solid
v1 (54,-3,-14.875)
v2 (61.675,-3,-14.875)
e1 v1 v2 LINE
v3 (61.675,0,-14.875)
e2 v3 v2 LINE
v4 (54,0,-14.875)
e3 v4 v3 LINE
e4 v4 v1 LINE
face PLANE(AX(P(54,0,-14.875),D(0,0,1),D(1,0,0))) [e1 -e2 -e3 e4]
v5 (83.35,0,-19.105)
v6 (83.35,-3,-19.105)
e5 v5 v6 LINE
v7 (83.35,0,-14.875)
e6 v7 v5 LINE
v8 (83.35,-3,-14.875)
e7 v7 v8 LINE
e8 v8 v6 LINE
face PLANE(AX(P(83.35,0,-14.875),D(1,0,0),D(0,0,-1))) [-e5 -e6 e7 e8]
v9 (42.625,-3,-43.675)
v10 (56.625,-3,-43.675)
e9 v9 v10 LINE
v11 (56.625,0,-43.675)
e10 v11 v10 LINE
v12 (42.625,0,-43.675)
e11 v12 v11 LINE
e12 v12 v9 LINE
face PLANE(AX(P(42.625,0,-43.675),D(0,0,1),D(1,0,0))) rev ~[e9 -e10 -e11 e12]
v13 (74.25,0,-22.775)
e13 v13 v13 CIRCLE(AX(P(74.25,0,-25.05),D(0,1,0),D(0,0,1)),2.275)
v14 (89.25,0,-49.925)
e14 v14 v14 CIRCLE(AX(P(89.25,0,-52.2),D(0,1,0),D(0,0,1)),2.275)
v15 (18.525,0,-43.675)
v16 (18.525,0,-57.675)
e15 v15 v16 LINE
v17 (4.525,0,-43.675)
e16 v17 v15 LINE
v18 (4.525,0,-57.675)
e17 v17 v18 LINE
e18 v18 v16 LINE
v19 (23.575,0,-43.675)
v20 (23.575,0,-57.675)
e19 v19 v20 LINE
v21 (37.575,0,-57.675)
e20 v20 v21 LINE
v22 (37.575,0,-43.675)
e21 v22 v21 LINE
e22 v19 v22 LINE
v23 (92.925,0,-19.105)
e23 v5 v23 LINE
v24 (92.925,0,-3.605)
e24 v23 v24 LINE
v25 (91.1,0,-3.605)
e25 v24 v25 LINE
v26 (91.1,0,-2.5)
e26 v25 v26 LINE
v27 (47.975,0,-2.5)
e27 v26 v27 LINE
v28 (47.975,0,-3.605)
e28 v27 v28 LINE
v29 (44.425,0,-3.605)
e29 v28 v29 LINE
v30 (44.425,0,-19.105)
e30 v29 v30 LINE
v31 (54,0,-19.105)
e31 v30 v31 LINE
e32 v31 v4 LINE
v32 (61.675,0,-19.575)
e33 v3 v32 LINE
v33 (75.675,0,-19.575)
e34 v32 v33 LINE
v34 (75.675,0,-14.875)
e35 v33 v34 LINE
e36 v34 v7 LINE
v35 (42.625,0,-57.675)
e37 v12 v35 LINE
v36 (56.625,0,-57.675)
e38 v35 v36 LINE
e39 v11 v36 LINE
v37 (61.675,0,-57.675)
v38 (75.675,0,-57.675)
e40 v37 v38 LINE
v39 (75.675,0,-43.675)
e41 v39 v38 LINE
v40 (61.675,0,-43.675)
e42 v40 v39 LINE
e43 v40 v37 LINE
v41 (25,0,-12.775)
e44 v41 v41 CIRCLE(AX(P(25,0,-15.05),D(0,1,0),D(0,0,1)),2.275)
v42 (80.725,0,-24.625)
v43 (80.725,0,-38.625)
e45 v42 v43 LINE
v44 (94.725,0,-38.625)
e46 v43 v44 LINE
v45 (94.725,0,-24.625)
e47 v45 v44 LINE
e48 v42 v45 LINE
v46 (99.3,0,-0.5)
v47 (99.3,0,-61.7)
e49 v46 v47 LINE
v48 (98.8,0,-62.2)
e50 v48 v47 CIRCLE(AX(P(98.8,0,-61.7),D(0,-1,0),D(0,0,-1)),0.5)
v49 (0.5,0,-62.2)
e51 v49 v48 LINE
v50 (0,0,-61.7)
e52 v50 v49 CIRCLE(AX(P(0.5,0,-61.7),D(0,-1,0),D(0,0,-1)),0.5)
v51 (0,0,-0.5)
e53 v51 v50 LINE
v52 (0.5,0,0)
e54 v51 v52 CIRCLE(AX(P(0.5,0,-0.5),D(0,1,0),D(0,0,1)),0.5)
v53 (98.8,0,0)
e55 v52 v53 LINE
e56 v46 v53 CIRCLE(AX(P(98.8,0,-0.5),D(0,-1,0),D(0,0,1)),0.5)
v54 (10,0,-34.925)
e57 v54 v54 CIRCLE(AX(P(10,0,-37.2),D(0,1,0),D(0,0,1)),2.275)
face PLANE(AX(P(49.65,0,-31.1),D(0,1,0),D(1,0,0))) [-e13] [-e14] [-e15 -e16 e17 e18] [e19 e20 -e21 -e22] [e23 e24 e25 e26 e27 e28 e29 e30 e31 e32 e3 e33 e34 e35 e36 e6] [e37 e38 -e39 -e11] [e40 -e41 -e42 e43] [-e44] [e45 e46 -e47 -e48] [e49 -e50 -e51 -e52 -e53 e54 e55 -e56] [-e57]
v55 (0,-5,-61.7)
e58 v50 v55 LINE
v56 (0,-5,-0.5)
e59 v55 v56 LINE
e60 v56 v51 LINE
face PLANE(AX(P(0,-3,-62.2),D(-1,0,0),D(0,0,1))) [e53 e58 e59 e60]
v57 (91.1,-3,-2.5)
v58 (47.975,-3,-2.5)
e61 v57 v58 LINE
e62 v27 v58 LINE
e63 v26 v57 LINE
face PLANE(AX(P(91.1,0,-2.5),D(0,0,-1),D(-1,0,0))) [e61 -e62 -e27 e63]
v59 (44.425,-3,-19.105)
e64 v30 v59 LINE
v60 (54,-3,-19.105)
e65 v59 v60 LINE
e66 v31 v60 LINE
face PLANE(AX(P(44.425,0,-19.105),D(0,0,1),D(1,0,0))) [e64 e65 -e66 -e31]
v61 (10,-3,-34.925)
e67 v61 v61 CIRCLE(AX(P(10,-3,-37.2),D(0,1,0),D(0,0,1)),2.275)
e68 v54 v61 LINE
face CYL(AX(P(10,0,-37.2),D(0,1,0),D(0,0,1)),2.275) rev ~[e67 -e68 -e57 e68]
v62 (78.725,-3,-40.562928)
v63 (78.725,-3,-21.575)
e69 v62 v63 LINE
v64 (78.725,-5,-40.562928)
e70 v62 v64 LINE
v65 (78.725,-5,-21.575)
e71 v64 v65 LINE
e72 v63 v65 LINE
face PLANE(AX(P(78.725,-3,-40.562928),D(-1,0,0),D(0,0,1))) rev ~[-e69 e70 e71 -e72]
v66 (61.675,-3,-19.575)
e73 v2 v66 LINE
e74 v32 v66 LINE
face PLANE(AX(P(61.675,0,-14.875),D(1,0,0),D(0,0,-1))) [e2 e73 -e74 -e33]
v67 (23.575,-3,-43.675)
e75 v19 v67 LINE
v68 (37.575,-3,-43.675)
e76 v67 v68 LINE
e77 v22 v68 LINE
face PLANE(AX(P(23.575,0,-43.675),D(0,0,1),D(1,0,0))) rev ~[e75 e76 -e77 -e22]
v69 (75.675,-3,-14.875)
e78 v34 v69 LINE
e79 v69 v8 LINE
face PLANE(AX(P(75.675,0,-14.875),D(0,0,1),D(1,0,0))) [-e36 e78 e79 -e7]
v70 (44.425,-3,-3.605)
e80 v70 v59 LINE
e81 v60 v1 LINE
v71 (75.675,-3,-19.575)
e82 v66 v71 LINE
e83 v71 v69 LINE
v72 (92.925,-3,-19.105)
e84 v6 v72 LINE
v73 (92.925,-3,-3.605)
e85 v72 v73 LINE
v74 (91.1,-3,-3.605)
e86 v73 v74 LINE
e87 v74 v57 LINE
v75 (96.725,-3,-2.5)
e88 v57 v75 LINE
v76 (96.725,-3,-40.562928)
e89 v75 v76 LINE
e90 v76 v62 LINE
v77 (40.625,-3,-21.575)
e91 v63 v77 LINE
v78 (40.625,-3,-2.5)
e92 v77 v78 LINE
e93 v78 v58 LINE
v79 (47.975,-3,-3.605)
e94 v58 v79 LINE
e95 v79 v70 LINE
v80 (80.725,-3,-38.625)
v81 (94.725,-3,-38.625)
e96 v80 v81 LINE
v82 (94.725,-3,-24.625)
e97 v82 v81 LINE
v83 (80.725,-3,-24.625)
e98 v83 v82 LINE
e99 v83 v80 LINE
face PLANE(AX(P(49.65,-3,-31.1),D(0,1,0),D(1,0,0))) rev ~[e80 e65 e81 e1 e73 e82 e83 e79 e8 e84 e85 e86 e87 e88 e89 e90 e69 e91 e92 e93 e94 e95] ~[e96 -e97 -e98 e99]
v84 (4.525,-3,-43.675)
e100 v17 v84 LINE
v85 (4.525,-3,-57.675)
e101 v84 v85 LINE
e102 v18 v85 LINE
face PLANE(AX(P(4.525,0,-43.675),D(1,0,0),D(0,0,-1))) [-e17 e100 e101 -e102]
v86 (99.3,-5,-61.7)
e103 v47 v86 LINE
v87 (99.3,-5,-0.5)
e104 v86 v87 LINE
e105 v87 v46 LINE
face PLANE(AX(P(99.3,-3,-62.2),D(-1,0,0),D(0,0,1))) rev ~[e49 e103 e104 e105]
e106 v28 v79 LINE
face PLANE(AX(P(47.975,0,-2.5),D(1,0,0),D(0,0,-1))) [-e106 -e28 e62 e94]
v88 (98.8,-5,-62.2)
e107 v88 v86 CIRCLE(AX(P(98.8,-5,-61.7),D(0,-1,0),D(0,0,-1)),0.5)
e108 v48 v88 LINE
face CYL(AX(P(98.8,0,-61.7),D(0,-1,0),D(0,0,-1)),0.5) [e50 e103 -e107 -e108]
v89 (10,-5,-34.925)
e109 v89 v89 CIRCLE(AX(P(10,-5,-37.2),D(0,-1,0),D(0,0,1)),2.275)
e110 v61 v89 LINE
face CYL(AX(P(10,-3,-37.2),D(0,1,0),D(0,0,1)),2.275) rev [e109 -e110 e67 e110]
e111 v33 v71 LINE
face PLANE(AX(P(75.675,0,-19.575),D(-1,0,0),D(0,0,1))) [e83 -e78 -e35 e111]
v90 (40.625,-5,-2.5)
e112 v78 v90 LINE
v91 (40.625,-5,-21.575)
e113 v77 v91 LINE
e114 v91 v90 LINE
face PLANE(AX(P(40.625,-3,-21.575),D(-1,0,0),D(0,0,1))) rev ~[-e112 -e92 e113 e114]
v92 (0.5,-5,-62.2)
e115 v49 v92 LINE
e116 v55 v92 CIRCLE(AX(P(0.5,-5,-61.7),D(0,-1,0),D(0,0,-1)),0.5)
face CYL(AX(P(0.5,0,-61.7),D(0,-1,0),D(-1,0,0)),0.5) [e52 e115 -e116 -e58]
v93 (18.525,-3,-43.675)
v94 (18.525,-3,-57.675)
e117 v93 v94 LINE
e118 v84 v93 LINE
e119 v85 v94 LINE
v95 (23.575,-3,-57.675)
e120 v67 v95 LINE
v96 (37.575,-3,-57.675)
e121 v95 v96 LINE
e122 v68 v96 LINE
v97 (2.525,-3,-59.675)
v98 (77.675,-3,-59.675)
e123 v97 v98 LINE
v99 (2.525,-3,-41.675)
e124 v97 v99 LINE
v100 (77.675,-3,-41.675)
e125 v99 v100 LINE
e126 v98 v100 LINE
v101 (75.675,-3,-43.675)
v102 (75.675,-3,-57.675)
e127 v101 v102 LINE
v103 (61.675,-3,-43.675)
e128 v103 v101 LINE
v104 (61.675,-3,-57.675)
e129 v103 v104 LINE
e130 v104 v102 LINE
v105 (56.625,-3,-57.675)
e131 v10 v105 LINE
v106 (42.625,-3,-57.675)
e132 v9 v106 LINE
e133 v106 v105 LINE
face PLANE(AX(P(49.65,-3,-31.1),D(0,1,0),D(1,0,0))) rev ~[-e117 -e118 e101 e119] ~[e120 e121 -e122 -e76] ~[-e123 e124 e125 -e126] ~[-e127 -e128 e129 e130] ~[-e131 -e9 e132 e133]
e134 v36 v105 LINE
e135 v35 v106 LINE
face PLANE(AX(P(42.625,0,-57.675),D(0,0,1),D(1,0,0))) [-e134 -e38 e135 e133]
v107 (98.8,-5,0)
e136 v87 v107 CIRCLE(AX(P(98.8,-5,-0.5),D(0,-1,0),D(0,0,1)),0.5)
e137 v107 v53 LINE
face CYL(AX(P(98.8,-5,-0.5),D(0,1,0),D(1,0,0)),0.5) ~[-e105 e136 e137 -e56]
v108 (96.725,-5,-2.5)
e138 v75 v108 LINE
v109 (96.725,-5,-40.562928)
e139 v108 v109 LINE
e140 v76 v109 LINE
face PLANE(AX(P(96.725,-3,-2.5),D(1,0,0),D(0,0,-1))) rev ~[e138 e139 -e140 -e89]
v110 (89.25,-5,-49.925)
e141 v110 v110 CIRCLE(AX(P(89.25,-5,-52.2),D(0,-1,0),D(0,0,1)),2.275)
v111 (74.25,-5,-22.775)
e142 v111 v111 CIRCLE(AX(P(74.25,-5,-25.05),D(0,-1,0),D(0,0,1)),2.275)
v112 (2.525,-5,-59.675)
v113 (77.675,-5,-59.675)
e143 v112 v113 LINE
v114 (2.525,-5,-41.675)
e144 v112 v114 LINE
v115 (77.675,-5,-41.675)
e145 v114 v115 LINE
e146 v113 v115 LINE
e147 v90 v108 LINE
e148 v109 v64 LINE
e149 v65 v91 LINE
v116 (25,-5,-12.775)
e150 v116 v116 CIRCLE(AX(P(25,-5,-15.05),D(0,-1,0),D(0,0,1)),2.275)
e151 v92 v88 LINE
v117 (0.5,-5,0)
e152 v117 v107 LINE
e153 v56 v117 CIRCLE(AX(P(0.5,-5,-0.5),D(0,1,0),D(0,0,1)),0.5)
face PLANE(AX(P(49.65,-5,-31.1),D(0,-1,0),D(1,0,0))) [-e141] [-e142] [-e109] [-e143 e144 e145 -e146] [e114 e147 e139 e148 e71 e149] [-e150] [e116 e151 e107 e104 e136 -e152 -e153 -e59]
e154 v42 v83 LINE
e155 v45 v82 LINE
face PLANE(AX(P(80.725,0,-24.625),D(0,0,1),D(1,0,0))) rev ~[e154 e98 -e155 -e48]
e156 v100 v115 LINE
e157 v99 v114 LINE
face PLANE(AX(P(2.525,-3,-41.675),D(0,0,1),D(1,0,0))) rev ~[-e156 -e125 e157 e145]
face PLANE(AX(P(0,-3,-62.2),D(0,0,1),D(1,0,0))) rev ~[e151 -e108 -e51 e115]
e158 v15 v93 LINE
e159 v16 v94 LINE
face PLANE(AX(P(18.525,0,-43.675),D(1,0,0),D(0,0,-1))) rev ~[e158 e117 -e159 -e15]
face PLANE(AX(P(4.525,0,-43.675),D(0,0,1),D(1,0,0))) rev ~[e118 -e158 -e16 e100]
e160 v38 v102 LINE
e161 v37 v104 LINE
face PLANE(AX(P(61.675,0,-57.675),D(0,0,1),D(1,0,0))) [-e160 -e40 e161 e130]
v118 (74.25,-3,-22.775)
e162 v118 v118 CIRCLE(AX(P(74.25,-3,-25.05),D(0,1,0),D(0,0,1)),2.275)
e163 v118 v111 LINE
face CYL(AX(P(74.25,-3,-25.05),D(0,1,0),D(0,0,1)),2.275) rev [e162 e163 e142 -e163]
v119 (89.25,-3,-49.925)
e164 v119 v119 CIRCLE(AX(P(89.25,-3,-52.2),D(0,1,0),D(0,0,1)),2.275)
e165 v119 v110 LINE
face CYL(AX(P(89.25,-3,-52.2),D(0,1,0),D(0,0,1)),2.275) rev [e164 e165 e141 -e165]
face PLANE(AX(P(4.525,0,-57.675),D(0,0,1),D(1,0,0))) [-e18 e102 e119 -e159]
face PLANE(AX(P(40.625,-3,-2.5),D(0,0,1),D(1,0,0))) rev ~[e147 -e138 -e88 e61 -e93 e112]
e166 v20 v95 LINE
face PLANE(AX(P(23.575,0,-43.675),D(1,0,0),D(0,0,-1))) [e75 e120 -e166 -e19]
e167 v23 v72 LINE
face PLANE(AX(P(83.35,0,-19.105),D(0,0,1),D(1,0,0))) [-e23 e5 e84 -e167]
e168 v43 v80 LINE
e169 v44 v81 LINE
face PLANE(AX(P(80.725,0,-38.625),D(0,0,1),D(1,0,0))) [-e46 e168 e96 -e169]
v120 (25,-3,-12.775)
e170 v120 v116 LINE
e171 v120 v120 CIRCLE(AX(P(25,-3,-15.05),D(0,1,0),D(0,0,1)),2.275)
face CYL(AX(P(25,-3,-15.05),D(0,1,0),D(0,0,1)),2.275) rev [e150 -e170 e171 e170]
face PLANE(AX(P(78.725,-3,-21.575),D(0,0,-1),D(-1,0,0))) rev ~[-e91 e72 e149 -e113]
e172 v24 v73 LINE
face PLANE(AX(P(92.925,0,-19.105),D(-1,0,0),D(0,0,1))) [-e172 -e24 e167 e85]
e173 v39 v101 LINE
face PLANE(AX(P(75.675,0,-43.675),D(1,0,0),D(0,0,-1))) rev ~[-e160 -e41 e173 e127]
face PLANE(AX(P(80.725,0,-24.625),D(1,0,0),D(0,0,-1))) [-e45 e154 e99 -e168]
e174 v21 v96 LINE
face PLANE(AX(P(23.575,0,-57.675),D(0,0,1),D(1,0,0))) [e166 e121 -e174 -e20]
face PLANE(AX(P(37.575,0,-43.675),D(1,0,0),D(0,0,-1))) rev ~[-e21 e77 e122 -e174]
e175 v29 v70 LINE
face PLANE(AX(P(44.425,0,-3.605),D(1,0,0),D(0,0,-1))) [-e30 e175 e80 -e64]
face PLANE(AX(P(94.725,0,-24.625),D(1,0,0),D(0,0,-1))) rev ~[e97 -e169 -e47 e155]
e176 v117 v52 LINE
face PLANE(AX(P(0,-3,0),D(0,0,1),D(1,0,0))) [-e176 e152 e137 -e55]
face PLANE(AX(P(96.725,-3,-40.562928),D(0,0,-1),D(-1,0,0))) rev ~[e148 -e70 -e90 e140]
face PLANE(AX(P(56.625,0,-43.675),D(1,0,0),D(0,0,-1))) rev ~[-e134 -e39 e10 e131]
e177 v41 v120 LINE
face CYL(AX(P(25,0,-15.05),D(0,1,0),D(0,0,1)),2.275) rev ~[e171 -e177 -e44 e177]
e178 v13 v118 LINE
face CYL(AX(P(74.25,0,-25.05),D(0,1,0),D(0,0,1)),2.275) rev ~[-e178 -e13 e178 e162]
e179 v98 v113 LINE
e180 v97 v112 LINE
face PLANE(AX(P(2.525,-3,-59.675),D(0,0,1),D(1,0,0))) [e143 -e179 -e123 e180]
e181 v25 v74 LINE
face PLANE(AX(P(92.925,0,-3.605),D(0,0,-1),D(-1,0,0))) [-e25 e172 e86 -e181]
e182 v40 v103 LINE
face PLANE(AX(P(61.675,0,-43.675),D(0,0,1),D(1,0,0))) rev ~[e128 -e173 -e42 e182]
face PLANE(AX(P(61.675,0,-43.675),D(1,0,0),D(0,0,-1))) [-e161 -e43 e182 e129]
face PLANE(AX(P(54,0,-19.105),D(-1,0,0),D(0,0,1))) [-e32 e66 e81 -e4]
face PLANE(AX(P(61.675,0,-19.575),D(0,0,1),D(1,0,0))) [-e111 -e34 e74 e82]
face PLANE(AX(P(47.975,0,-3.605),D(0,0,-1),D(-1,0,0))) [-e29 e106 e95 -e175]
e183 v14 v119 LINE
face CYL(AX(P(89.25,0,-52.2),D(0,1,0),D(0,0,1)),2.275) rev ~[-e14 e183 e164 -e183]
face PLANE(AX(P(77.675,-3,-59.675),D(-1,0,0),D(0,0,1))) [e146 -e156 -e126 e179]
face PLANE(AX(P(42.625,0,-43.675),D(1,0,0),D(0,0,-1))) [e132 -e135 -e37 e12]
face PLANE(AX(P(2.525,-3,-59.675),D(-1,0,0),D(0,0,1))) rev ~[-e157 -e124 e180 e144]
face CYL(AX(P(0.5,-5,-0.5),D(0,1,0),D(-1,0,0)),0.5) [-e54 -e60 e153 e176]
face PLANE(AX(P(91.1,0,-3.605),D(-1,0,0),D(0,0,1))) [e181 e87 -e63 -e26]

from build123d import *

# Parameters (mm, degrees)
SKETCH1_W           = 99.3
SKETCH1_H           = 62.2
SKETCH1_R           = 2.275
SKETCH1_W_2         = 14
SKETCH1_H_2         = 14
BOSS_EXTRUDE1_DEPTH = 3
SKETCH6_W           = 99.3
SKETCH6_H           = 62.2
SKETCH6_W_2         = 75.15
SKETCH6_H_2         = 18
SKETCH6_R           = 2.275
BOSS_EXTRUDE2_DEPTH = 2
FILLET1_R           = 0.5


with BuildPart() as part:
    # Sketch1 → Boss-Extrude1 (new body)
    with BuildSketch(Plane(origin=(0, 0, 0), x_dir=(1, 0, 0), z_dir=(0, 1, 0))):
        with Locations((49.65, 31.1)):
            Rectangle(SKETCH1_W, SKETCH1_H)
        with Locations(Location((10, 37.2, 0), (0, 0, 270))):
            Circle(SKETCH1_R, mode=Mode.SUBTRACT)
        with Locations(Location((89.25, 52.2, 0), (0, 0, 270))):
            Circle(SKETCH1_R, mode=Mode.SUBTRACT)
        with Locations(Location((74.25, 25.05, 0), (0, 0, 270))):
            Circle(SKETCH1_R, mode=Mode.SUBTRACT)
        with Locations(Location((25, 15.05, 0), (0, 0, 270))):
            Circle(SKETCH1_R, mode=Mode.SUBTRACT)
        with Locations((11.525, 50.675)):
            Rectangle(SKETCH1_W_2, SKETCH1_H_2, mode=Mode.SUBTRACT)
        with Locations((30.575, 50.675)):
            Rectangle(SKETCH1_W_2, SKETCH1_H_2, mode=Mode.SUBTRACT)
        with Locations((49.625, 50.675)):
            Rectangle(SKETCH1_W_2, SKETCH1_H_2, mode=Mode.SUBTRACT)
        with Locations((68.675, 50.675)):
            Rectangle(SKETCH1_W_2, SKETCH1_H_2, mode=Mode.SUBTRACT)
        with Locations((87.725, 31.625)):
            Rectangle(SKETCH1_W_2, SKETCH1_H_2, mode=Mode.SUBTRACT)
        Polygon((61.675, 19.575), (75.675, 19.575), (75.675, 14.875), (83.35, 14.875), (83.35, 19.105), (92.925, 19.105), (92.925, 3.605), (91.1, 3.605), (91.1, 2.5), (47.975, 2.5), (47.975, 3.605), (44.425, 3.605), (44.425, 19.105), (54, 19.105), (54, 14.875), (61.675, 14.875), align=None, mode=Mode.SUBTRACT)
    extrude(amount=-BOSS_EXTRUDE1_DEPTH)

    # Sketch6 → Boss-Extrude2 (add)
    with BuildSketch(Plane.XZ.offset(3)):
        with Locations((49.65, -31.1)):
            Rectangle(SKETCH6_W, SKETCH6_H)
        with Locations((40.1, -50.675)):
            Rectangle(SKETCH6_W_2, SKETCH6_H_2, mode=Mode.SUBTRACT)
        with Locations(Location((10, -37.2, 0), (0, 0, 90))):
            Circle(SKETCH6_R, mode=Mode.SUBTRACT)
        with Locations(Location((89.25, -52.2, 0), (0, 0, 90))):
            Circle(SKETCH6_R, mode=Mode.SUBTRACT)
        with Locations(Location((25, -15.05, 0), (0, 0, 90))):
            Circle(SKETCH6_R, mode=Mode.SUBTRACT)
        with Locations(Location((74.25, -25.05, 0), (0, 0, 90))):
            Circle(SKETCH6_R, mode=Mode.SUBTRACT)
        Polygon((96.725, -2.5), (96.725, -40.562928412), (78.725, -40.562928412), (78.725, -21.575), (40.625, -21.575), (40.625, -2.5), (47.975, -2.5), (91.1, -2.5), align=None, mode=Mode.SUBTRACT)
    extrude(amount=BOSS_EXTRUDE2_DEPTH)

    # Fillet1
    fillet1_edges = [part.edges().sort_by_distance(p)[0] for p in [
        (0, -2.5, 0),
        (0, -2.5, -62.2),
        (99.3, -2.5, -62.2),
        (99.3, -2.5, 0),
    ]]
    fillet(fillet1_edges, radius=FILLET1_R)


solid = part.part
